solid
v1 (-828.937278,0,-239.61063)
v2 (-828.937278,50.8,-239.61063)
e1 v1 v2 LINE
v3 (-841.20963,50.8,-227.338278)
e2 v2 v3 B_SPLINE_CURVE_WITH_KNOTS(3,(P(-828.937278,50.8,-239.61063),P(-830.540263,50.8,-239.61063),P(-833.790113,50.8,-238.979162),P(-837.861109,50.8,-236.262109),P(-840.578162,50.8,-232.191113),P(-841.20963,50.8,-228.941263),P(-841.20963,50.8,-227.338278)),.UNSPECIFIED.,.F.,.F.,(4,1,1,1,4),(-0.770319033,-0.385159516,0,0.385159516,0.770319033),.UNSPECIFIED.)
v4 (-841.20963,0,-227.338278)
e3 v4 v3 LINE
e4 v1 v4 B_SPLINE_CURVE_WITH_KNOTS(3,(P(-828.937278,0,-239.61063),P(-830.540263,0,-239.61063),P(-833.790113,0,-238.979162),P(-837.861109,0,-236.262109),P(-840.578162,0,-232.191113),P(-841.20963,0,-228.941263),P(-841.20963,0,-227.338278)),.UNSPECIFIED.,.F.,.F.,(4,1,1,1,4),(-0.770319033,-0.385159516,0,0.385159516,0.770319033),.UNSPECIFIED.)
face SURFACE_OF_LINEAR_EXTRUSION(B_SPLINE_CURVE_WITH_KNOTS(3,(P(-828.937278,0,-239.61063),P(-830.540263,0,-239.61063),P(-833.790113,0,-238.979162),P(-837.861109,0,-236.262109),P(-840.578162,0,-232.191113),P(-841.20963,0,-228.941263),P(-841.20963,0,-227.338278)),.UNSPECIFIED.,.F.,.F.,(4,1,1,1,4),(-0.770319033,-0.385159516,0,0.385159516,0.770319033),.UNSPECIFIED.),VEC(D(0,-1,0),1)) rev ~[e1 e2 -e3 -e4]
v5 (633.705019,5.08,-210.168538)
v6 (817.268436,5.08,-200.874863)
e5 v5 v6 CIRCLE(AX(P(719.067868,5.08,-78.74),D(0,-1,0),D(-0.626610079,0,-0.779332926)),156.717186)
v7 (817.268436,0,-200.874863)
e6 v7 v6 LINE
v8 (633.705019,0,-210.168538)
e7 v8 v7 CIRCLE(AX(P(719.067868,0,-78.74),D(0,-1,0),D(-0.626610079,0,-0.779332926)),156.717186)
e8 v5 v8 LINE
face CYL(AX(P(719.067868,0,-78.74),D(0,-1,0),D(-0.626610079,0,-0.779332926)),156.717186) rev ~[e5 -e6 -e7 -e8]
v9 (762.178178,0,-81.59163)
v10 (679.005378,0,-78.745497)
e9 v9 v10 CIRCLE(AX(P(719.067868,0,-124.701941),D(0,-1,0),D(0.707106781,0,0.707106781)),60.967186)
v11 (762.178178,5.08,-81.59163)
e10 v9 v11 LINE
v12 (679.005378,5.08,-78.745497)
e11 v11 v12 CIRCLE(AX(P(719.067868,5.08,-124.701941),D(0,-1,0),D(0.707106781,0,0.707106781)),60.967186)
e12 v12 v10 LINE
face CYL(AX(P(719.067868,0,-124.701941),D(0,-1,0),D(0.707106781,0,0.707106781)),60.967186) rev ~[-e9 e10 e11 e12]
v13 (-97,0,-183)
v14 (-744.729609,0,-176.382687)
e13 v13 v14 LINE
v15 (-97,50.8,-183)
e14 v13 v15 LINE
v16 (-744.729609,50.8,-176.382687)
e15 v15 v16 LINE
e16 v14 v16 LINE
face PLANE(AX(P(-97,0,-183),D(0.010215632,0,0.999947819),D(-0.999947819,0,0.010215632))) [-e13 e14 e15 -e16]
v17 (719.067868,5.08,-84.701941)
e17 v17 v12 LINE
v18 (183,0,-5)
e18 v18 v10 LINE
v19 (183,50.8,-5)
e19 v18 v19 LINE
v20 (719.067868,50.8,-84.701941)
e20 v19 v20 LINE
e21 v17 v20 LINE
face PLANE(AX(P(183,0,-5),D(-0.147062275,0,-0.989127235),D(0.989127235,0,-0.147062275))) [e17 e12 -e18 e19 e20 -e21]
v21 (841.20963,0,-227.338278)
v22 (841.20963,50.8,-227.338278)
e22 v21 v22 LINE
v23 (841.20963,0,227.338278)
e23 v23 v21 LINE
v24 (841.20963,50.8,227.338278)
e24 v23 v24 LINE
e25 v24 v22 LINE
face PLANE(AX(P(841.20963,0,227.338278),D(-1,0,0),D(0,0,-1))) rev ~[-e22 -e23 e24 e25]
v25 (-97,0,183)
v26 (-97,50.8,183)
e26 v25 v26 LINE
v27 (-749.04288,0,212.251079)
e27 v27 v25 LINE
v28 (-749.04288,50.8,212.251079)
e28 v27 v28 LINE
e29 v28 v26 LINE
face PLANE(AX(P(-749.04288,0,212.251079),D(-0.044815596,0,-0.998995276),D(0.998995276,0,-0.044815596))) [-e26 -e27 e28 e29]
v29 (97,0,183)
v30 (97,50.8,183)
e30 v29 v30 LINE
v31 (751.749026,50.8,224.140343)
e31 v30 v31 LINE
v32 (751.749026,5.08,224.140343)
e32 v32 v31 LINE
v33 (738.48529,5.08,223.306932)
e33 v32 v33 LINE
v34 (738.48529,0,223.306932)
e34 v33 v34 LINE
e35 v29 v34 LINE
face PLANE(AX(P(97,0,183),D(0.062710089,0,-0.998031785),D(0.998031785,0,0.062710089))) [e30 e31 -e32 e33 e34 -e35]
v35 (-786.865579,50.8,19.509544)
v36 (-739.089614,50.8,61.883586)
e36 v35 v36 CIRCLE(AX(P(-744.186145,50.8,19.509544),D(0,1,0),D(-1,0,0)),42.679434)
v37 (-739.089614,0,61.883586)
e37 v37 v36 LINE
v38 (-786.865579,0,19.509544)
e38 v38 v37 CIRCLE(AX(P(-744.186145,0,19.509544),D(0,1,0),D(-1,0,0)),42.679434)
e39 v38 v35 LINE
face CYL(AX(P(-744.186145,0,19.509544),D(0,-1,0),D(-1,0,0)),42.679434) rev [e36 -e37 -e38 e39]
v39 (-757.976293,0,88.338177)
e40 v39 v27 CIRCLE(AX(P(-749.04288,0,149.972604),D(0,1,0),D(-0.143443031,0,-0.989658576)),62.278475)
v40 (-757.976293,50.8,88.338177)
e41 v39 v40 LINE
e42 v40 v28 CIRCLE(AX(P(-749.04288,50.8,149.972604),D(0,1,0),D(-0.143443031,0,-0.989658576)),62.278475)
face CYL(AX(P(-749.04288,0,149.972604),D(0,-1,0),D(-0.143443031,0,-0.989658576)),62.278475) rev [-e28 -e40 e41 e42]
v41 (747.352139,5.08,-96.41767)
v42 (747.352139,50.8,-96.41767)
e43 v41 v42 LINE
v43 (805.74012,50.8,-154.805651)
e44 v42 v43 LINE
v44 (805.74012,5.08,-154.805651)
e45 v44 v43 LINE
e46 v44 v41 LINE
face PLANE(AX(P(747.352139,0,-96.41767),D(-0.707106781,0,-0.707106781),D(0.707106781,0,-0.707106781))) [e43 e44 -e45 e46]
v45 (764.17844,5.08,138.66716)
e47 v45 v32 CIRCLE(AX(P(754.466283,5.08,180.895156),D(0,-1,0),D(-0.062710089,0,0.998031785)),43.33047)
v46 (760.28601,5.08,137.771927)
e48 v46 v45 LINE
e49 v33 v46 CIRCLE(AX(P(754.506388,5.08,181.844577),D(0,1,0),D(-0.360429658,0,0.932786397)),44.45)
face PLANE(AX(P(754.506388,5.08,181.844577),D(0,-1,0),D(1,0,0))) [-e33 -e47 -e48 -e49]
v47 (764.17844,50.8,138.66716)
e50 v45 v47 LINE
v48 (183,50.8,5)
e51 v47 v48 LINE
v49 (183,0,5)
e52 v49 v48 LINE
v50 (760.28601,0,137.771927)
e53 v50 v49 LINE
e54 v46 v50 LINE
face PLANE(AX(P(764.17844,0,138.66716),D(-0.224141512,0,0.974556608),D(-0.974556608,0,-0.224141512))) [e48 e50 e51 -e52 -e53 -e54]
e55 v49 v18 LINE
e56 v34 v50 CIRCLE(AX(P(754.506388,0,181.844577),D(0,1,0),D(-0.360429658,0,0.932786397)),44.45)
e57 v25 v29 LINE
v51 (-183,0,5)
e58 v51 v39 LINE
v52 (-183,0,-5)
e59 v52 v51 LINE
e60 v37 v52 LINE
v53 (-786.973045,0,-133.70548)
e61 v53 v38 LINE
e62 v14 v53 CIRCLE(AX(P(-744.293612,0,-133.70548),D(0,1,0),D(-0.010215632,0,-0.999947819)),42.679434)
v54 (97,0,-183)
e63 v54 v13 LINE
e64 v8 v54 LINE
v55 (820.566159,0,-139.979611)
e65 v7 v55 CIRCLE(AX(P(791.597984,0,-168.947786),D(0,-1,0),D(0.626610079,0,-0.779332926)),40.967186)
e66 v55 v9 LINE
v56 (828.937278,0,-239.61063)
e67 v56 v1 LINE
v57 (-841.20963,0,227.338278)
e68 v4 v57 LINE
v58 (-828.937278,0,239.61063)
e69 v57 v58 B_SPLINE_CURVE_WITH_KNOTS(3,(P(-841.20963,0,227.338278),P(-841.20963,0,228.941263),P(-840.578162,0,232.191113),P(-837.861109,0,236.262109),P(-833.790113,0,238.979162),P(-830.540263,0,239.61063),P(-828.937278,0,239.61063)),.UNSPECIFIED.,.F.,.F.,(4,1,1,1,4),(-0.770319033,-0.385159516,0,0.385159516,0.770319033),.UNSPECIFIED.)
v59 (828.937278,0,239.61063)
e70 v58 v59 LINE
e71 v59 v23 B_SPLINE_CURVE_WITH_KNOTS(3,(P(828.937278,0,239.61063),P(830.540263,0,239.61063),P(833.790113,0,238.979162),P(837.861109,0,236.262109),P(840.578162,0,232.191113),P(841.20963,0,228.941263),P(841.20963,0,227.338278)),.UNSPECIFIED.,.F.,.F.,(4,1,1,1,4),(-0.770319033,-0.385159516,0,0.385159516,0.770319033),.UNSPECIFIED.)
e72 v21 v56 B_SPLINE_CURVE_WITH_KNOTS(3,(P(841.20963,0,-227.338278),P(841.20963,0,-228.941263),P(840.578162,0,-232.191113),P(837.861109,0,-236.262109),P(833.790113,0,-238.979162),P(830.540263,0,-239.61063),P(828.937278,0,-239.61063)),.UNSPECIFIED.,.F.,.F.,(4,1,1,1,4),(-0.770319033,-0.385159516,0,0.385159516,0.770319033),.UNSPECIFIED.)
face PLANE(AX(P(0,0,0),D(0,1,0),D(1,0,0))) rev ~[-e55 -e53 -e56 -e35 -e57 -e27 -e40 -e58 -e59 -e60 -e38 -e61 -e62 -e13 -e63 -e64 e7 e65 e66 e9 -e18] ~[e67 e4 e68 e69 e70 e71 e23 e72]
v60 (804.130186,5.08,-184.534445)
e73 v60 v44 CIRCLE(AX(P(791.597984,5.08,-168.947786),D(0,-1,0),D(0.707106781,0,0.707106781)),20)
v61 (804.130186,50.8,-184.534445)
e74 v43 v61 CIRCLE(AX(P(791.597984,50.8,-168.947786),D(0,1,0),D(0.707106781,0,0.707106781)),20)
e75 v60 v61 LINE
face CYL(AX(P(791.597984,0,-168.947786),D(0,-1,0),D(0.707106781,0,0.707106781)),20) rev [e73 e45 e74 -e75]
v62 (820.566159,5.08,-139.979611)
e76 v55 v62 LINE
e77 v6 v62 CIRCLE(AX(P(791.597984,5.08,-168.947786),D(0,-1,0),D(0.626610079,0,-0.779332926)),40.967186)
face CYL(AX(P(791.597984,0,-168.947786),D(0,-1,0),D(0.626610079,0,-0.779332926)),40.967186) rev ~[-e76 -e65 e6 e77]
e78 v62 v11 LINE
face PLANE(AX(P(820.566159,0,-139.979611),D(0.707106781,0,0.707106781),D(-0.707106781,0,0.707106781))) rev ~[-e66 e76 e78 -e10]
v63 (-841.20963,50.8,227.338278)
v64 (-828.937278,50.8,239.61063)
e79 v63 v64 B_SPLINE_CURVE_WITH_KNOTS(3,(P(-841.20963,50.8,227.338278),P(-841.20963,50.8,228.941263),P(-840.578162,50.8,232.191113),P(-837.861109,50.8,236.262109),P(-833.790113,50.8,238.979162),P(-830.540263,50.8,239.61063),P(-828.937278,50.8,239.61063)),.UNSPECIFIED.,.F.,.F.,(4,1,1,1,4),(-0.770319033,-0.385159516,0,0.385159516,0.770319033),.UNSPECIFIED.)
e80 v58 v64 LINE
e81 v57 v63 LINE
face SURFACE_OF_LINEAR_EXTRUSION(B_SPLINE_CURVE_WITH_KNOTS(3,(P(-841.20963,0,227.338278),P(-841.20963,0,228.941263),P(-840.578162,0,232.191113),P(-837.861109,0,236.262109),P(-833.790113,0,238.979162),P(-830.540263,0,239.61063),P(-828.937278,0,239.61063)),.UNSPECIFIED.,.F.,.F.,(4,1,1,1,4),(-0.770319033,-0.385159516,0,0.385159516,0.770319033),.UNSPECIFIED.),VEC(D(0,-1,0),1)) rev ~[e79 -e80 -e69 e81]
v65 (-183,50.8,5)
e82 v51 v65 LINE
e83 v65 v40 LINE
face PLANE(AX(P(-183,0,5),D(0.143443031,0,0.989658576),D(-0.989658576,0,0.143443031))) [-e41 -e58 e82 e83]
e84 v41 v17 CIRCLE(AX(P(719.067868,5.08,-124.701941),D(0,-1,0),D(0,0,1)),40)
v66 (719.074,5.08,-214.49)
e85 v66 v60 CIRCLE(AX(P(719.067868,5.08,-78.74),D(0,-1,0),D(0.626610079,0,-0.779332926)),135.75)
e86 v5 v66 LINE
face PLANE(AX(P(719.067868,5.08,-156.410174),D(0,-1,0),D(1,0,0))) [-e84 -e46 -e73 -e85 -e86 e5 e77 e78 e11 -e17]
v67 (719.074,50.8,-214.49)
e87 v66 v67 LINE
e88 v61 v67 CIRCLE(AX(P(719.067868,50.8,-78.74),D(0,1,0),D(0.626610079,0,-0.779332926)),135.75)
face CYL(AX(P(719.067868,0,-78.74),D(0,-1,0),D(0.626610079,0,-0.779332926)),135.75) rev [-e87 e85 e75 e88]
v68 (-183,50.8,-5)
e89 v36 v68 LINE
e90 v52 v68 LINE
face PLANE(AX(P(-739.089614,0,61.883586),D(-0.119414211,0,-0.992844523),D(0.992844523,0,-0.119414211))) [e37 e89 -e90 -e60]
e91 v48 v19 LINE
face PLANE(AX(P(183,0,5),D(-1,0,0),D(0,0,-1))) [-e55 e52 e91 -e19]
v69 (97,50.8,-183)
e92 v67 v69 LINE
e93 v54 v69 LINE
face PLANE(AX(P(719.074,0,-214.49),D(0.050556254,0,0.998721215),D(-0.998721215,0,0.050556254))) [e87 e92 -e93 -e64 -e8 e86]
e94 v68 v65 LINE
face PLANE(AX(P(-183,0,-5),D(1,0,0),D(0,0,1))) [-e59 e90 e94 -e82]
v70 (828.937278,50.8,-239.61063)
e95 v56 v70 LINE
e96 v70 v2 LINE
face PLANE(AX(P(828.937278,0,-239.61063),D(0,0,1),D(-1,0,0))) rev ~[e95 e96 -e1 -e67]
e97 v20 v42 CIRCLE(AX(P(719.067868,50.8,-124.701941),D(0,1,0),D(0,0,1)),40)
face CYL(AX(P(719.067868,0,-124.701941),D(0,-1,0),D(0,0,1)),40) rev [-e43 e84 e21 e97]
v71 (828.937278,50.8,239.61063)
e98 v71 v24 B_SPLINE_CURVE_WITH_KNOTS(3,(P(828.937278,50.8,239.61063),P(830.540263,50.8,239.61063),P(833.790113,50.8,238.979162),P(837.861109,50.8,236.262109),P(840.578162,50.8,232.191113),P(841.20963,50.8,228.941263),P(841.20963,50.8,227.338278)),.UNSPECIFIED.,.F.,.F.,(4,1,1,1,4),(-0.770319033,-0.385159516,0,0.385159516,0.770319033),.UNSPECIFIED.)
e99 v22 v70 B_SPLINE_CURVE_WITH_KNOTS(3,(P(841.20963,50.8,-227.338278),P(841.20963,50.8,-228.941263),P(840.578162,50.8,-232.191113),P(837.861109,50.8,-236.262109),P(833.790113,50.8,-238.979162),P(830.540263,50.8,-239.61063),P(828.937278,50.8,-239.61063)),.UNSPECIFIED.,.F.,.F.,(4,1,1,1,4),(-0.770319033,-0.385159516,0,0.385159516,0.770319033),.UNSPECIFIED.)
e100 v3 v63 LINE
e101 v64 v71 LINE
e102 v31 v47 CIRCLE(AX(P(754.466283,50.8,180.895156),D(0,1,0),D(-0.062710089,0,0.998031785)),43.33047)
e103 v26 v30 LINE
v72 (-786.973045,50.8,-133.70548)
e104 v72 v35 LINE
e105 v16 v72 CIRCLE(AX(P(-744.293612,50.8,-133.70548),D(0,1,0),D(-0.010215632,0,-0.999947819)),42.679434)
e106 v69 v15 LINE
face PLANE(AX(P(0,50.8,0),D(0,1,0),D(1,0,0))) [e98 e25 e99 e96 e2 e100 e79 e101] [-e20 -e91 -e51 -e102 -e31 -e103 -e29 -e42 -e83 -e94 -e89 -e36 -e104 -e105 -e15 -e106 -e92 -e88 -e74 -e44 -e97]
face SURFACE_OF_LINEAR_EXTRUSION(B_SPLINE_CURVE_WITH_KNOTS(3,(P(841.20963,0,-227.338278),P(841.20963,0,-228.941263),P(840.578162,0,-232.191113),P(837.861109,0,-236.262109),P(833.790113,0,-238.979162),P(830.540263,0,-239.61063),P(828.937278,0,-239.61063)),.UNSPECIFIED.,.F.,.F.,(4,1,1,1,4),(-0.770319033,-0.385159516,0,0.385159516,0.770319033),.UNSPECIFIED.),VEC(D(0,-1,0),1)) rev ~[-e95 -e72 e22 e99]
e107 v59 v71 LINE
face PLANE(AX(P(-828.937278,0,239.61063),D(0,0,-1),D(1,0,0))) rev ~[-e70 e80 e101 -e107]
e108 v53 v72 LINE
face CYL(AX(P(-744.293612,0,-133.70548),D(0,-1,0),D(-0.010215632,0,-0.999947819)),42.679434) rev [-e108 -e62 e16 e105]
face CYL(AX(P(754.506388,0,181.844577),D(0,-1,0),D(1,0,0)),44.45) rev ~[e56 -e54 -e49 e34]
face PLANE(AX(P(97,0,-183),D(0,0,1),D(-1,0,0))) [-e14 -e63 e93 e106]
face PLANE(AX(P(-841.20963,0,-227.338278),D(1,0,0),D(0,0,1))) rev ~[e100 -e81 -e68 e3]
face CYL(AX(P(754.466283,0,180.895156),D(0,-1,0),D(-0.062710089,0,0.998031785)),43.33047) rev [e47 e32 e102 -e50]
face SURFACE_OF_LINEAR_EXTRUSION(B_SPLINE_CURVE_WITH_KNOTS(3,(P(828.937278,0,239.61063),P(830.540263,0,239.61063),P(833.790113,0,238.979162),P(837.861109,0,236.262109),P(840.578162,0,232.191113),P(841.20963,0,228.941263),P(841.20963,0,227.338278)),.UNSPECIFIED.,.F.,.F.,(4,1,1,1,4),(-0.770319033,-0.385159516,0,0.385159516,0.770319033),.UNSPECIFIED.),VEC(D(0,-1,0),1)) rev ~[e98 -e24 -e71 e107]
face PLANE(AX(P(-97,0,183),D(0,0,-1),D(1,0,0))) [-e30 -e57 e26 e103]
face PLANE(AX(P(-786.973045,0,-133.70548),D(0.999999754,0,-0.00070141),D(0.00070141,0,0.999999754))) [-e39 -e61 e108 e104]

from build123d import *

# Parameters (mm, degrees)
BOSS_EXTRUDE3_DEPTH = 50.8
SKETCH3_R           = 44.45
CUT_EXTRUDE1_DEPTH  = 5.08


with BuildPart() as part:
    # Sketch2 → Boss-Extrude3 (new body)
    with BuildSketch(Plane(origin=(0, 0, 0), x_dir=(1, 0, 0), z_dir=(0, 1, 0))):
        with BuildLine():
            Line((828.937277778, 239.610630395), (-828.937277778, 239.610630395))
            add(Edge.make_bspline(
                [(-828.937277778, 239.610630395), (-830.5402629, 239.610630395), (-833.790113095, 238.979161906), (-837.861109298, 236.262109298), (-840.578161906, 232.191113095), (-841.209630395, 228.9412629), (-841.209630395, 227.338277778)],
                knots=[-0.770319033, -0.770319033, -0.770319033, -0.770319033, -0.385159516, 0, 0.385159516, 0.770319033, 0.770319033, 0.770319033, 0.770319033], degree=3))
            Line((-841.209630395, 227.338277778), (-841.209630395, -227.338277778))
            add(Edge.make_bspline(
                [(-841.209630395, -227.338277778), (-841.209630395, -228.9412629), (-840.578161906, -232.191113095), (-837.861109298, -236.262109298), (-833.790113095, -238.979161906), (-830.5402629, -239.610630395), (-828.937277778, -239.610630395)],
                knots=[-0.770319033, -0.770319033, -0.770319033, -0.770319033, -0.385159516, 0, 0.385159516, 0.770319033, 0.770319033, 0.770319033, 0.770319033], degree=3))
            Line((-828.937277778, -239.610630395), (828.937277778, -239.610630395))
            add(Edge.make_bspline(
                [(828.937277778, -239.610630395), (830.5402629, -239.610630395), (833.790113095, -238.979161906), (837.861109298, -236.262109298), (840.578161906, -232.191113095), (841.209630395, -228.9412629), (841.209630395, -227.338277778)],
                knots=[-0.770319033, -0.770319033, -0.770319033, -0.770319033, -0.385159516, 0, 0.385159516, 0.770319033, 0.770319033, 0.770319033, 0.770319033], degree=3))
            Line((841.209630395, -227.338277778), (841.209630395, 227.338277778))
            add(Edge.make_bspline(
                [(841.209630395, 227.338277778), (841.209630395, 228.9412629), (840.578161906, 232.191113095), (837.861109298, 236.262109298), (833.790113095, 238.979161906), (830.5402629, 239.610630395), (828.937277778, 239.610630395)],
                knots=[-0.770319033, -0.770319033, -0.770319033, -0.770319033, -0.385159516, 0, 0.385159516, 0.770319033, 0.770319033, 0.770319033, 0.770319033], degree=3))
        make_face()
        with BuildLine():
            Line((183, 5), (719.067867535, 84.701940777))
            ThreePointArc((719.067867535, 84.701940777), (734.37520483, 87.746759477), (747.352138783, 96.41766953))
            Line((747.352138783, 96.41766953), (805.740119782, 154.805650529))
            ThreePointArc((805.740119782, 154.805650529), (811.568721914, 170.02928211), (804.130185735, 184.534444667))
            ThreePointArc((804.130185735, 184.534444667), (764.162148174, 206.781275976), (719.074, 214.489999861))
            Line((719.074, 214.489999861), (97, 183))
            Line((97, 183), (-97, 183))
            Line((-97, 183), (-744.729609, 176.382687101))
            ThreePointArc((-744.729609, 176.382687101), (-774.626285266, 163.729853371), (-786.973045304, 133.705480442))
            Line((-786.973045304, 133.705480442), (-786.865578677, -19.509544471))
            ThreePointArc((-786.865578677, -19.509544471), (-772.505899638, -51.439554767), (-739.089614065, -61.883586467))
            Line((-739.089614065, -61.883586467), (-183, 5))
            Line((-183, 5), (-183, -5))
            Line((-183, -5), (-757.976293163, -88.338177387))
            ThreePointArc((-757.976293163, -88.338177387), (-811.160134278, -154.450903881), (-749.042879972, -212.251079294))
            Line((-749.042879972, -212.251079294), (-97, -183))
            Line((-97, -183), (97, -183))
            Line((97, -183), (751.749025656, -224.140342752))
            ThreePointArc((751.749025656, -224.140342752), (797.345746833, -187.130639885), (764.1784404, -138.667160105))
            Line((764.1784404, -138.667160105), (183, -5))
            Line((183, -5), (183, 5))
        make_face(mode=Mode.SUBTRACT)
    extrude(amount=BOSS_EXTRUDE3_DEPTH)

    # Sketch3 → Cut-Extrude1 (cut)
    with BuildSketch(Plane.XZ):
        with Locations((754.506388348, 181.844577047)):
            Circle(SKETCH3_R)
        with BuildLine():
            Line((820.56615944, -139.979610872), (762.17817844, -81.591629872))
            ThreePointArc((762.17817844, -81.591629872), (719.067867535, -63.734754417), (675.95755663, -81.591629872))
            Line((675.95755663, -81.591629872), (617.569575631, -139.979610872))
            ThreePointArc((617.569575631, -139.979610872), (605.630504143, -171.163078474), (620.867299038, -200.874863358))
            ThreePointArc((620.867299038, -200.874863358), (719.067867535, -235.45718636), (817.268436033, -200.874863358))
            ThreePointArc((817.268436033, -200.874863358), (832.505230927, -171.163078474), (820.56615944, -139.979610872))
        make_face()
    extrude(amount=-CUT_EXTRUDE1_DEPTH, mode=Mode.SUBTRACT)


solid = part.part
